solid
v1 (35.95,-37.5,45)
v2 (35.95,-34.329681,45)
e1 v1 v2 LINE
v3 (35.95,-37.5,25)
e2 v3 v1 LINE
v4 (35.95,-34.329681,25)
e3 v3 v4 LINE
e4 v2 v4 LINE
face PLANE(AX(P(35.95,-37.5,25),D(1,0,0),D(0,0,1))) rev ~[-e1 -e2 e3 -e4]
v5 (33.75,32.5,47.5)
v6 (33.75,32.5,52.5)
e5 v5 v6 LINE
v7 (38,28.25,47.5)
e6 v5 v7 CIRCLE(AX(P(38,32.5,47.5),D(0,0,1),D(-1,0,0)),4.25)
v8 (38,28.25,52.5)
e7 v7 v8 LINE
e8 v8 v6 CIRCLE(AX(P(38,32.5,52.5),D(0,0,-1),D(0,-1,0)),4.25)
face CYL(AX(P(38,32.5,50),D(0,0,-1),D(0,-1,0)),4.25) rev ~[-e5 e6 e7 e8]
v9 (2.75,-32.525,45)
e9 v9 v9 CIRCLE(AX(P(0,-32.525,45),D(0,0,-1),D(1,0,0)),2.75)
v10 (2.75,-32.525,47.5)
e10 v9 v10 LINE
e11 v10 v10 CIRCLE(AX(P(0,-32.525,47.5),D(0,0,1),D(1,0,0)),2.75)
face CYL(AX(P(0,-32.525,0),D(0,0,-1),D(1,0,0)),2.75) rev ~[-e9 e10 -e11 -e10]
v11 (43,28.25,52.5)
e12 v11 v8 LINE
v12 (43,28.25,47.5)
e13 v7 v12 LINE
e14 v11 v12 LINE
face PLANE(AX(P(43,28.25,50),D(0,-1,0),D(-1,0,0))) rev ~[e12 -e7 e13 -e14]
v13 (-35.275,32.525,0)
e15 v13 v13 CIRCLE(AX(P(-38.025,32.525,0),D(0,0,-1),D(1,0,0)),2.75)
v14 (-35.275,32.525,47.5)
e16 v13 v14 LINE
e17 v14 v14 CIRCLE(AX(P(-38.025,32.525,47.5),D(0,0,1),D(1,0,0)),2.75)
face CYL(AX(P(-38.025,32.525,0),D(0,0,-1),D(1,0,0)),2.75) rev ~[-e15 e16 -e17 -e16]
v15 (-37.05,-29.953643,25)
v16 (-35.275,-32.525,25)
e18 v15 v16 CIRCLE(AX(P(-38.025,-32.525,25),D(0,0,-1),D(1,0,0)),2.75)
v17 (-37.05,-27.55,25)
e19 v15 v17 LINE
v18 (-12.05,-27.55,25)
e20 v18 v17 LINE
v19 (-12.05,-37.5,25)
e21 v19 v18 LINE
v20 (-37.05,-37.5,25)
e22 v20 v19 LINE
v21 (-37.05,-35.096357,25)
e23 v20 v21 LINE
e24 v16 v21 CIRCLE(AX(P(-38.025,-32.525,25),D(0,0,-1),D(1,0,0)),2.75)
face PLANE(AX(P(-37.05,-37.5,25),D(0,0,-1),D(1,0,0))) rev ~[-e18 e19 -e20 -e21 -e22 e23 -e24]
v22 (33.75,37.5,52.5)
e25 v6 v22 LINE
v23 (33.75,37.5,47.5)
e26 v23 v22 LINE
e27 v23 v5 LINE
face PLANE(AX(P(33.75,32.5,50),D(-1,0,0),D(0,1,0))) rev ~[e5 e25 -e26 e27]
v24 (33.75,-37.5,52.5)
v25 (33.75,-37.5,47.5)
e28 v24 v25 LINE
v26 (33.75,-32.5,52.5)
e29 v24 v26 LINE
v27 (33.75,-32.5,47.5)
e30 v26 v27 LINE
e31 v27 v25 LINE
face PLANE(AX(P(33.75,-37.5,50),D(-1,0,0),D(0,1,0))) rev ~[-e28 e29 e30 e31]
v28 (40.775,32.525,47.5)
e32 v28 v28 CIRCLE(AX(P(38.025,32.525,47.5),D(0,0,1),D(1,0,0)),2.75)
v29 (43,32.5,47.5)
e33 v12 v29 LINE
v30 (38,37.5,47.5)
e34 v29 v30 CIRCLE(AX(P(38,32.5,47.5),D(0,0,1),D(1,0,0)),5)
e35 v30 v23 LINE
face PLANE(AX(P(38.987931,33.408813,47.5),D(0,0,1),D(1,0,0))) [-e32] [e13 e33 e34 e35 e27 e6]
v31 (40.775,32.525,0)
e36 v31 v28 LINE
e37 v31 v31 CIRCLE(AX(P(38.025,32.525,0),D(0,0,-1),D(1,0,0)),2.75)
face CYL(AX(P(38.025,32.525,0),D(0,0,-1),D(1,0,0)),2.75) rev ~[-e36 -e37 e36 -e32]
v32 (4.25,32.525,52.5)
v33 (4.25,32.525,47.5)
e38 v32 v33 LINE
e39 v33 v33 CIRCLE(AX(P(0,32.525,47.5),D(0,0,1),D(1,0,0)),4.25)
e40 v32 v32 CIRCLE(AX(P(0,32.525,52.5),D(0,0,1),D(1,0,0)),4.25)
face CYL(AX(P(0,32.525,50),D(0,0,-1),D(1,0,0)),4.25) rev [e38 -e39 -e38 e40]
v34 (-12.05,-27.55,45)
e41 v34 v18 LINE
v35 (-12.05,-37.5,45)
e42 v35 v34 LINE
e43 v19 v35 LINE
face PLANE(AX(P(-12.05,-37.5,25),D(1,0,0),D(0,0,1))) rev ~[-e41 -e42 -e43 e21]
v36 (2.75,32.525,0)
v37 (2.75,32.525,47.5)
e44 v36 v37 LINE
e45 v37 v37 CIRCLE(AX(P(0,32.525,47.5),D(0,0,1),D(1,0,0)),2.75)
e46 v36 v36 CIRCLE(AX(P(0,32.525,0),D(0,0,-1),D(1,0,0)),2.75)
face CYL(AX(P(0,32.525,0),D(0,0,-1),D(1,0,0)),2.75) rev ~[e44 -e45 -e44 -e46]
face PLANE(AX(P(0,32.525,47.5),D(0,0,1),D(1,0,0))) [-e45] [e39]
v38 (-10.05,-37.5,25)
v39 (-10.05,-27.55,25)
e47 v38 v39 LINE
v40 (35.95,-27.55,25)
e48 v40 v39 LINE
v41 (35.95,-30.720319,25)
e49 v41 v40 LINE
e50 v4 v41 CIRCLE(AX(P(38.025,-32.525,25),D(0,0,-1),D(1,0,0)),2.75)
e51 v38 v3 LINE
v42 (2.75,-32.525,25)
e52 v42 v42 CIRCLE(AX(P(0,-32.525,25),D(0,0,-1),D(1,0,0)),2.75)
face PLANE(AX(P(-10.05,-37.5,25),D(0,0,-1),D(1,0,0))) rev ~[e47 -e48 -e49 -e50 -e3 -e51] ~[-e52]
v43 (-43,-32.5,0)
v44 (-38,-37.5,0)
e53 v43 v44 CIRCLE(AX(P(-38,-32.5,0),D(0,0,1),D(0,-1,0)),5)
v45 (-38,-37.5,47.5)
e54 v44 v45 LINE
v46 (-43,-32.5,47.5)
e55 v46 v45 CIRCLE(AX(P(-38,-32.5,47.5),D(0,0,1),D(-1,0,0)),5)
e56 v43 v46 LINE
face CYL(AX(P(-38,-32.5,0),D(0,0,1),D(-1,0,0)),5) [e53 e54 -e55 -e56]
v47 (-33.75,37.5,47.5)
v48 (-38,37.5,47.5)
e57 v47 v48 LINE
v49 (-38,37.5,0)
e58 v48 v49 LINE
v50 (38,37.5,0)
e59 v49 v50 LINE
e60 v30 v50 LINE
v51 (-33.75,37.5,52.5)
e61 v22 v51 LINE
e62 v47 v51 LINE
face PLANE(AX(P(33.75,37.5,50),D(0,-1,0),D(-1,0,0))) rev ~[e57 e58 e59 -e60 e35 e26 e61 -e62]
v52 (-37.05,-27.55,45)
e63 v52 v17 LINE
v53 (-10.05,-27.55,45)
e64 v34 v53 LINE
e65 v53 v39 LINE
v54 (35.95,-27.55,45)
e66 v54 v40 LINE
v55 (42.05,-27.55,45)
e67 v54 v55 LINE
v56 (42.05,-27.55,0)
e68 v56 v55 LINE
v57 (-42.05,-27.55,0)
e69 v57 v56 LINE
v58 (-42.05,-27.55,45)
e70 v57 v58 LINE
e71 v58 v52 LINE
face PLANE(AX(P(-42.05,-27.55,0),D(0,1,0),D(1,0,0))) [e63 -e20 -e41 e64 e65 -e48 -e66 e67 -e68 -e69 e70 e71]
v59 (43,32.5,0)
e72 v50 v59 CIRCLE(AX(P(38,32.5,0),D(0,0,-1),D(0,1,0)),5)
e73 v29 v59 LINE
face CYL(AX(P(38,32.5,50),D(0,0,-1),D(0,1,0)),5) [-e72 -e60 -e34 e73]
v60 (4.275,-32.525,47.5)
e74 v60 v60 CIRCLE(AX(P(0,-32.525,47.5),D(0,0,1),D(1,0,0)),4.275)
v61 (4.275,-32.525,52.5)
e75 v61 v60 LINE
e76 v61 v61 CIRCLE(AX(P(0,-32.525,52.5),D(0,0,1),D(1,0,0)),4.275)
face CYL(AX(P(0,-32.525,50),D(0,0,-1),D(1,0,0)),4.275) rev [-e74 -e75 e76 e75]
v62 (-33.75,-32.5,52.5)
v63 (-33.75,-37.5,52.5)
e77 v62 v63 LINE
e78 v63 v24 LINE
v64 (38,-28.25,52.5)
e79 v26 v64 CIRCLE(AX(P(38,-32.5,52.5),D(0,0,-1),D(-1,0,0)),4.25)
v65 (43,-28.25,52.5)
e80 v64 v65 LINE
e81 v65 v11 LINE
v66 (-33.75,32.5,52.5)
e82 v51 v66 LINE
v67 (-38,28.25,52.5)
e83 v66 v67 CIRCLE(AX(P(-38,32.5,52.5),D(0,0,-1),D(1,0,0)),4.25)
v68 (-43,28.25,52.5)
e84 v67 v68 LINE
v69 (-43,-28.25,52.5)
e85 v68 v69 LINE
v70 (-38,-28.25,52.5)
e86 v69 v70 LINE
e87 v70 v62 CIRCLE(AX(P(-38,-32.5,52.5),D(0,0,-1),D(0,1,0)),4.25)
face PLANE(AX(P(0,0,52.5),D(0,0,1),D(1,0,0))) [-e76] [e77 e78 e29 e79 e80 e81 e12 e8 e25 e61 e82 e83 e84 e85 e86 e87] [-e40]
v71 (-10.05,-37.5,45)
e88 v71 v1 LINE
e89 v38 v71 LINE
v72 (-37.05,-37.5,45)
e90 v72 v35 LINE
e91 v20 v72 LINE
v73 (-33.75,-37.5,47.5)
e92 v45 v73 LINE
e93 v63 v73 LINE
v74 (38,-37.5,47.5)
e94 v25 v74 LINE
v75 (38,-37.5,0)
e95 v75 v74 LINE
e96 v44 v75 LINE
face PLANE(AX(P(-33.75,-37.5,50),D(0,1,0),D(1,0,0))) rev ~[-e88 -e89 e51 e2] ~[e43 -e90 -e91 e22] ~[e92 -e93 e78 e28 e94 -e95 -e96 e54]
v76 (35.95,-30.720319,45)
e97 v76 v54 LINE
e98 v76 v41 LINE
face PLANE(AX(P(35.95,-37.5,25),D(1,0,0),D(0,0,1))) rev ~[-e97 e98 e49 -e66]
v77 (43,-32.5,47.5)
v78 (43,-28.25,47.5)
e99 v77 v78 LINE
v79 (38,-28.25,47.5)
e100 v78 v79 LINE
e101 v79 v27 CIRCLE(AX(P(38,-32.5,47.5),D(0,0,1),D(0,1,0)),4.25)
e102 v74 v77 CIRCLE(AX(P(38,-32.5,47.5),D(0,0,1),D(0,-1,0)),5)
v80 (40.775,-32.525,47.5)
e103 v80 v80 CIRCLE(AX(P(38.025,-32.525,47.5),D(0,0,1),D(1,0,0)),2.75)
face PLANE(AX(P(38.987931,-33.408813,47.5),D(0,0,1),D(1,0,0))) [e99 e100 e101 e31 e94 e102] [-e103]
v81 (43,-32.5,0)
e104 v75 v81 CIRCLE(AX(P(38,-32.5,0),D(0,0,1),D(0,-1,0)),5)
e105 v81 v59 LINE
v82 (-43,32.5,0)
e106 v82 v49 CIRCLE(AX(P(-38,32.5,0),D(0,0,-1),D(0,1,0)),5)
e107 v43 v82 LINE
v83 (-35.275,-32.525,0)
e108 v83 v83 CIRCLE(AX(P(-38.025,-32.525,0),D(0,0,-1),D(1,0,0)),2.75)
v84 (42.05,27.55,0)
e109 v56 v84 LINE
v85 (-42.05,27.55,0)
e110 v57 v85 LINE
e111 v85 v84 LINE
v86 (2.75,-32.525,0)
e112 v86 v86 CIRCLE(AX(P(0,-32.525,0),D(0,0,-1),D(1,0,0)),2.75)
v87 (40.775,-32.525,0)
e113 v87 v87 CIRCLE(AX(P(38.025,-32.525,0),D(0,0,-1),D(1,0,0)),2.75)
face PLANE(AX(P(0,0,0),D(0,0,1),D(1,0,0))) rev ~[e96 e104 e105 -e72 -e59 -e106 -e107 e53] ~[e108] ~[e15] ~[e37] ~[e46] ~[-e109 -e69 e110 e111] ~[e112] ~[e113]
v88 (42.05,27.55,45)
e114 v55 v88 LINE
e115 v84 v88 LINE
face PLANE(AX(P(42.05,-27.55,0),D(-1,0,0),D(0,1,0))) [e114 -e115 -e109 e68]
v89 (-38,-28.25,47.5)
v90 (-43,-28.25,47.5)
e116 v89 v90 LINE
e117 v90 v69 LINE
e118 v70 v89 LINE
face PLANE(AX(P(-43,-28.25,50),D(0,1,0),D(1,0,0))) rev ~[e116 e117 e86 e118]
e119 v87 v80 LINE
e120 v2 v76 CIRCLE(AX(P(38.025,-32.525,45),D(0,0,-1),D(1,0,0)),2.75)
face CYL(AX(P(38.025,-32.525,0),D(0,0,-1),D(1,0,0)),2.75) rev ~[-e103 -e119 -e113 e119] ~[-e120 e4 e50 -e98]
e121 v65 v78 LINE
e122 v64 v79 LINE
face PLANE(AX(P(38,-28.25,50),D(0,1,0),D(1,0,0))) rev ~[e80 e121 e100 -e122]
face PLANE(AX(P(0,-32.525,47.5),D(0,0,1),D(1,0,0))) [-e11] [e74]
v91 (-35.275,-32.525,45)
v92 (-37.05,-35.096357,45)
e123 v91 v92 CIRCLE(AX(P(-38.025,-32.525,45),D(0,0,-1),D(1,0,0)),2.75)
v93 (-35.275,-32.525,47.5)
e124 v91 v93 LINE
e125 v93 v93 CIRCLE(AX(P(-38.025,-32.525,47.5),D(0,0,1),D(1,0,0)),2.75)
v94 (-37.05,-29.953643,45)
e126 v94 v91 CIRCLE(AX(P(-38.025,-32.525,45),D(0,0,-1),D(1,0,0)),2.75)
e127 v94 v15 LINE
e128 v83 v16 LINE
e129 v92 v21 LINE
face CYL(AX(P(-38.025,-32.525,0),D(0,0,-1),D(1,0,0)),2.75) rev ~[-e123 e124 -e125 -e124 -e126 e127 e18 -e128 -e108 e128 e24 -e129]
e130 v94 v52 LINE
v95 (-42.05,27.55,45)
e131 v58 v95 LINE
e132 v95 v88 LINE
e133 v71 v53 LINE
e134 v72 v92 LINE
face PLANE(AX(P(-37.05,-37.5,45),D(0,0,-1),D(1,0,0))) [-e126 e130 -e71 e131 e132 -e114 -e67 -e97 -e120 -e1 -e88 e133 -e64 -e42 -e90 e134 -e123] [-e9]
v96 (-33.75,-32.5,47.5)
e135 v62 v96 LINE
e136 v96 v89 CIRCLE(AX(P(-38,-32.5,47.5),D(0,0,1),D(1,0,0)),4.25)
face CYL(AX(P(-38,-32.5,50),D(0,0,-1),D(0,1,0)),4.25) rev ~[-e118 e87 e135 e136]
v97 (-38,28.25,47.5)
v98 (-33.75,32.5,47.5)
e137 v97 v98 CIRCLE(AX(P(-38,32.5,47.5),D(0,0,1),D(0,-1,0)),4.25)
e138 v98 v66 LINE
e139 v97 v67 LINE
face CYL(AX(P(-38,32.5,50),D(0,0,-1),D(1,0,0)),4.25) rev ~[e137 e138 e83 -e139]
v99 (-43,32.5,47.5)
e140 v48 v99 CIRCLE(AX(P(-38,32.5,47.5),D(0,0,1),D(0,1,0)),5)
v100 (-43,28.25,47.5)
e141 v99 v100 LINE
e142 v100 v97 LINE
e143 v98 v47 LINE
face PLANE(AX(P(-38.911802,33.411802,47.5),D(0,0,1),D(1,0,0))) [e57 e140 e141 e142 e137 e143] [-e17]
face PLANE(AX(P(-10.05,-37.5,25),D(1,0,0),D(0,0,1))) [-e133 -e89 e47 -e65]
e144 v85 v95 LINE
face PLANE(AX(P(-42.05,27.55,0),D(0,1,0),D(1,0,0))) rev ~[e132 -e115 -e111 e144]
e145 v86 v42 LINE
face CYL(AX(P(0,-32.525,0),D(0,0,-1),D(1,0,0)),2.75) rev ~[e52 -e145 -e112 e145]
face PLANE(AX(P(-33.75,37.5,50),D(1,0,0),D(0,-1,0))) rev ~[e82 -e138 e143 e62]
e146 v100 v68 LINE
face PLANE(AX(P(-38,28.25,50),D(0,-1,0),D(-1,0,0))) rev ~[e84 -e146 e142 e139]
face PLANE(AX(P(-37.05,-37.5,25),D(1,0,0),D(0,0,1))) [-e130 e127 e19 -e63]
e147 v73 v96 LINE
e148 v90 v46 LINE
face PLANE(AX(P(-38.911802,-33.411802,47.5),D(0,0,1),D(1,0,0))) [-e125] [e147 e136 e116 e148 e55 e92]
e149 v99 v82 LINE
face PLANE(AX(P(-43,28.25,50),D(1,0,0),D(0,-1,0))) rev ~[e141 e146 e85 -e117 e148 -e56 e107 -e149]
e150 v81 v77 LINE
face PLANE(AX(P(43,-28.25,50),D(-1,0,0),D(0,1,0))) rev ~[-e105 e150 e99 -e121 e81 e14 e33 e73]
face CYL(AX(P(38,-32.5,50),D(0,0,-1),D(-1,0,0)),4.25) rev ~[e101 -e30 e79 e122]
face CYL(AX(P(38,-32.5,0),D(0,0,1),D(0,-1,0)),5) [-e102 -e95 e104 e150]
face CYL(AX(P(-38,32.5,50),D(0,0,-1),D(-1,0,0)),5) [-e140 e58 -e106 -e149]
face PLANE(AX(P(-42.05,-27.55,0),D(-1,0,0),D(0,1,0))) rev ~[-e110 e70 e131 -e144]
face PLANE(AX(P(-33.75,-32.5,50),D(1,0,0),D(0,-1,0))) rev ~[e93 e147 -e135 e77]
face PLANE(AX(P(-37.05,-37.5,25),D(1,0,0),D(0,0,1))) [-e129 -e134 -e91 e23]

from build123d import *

# Parameters (mm, degrees)
F0_W      = 86
F0_H      = 75
F0_W_2    = 84.1
F0_H_2    = 55.1
F1_DEPTH  = 45
F2_W      = 86
F2_H      = 75
F2_W_2    = 84.1
F2_H_2    = 55.1
F3_DEPTH  = 5
F4_W      = 25
F4_H      = 20
F4_W_2    = 46
F5_DEPTH  = 25
F6_R      = 2.75
F7_DEPTH  = 50.001
F8_R      = 5
F9_R      = 2.75
F9_R_2    = 4.275
F9_R_3    = 4.25
F10_DEPTH = 2.5
F11_R     = 4.275
F11_R_2   = 4.25
F12_DEPTH = 2.5


with BuildPart() as f1:
    # F0 (on Top) → F1 (new body)
    with BuildSketch(Plane.XY):
        Rectangle(F0_W, F0_H)
        Rectangle(F0_W_2, F0_H_2, mode=Mode.SUBTRACT)
    extrude(amount=F1_DEPTH)

    # F2 (on face) → F3 (join)
    with BuildSketch(Plane.XY.offset(45)):
        Rectangle(F2_W, F2_H)
        Rectangle(F2_W_2, F2_H_2, mode=Mode.SUBTRACT)
        Rectangle(F2_W_2, F2_H_2)
    extrude(amount=F3_DEPTH)

    # F4 (on face) → F5 (cut)
    with BuildSketch(Plane.XZ.offset(37.5)):
        with Locations((-24.55, 35)):
            Rectangle(F4_W, F4_H)
        with Locations((12.95, 35)):
            Rectangle(F4_W_2, F4_H)
    extrude(amount=-F5_DEPTH, mode=Mode.SUBTRACT)

    # F6 (on face) → F7 (cut, through all)
    with BuildSketch(Plane(origin=(0, 0, 0), x_dir=(1, 0, 0), z_dir=(0, 0, -1))):
        with Locations((-38.025, 32.525)):
            Circle(F6_R)
        with Locations((0, 32.525)):
            Circle(F6_R)
        with Locations((38.025, 32.525)):
            Circle(F6_R)
        with Locations((38.025, -32.525)):
            Circle(F6_R)
        with Locations((0, -32.525)):
            Circle(F6_R)
        with Locations((-38.025, -32.525)):
            Circle(F6_R)
    extrude(amount=-F7_DEPTH, mode=Mode.SUBTRACT)

    # F8
    f8_edges = [f1.edges().sort_by_distance(p)[0] for p in [
        (43, -37.5, 25),
        (43, 37.5, 25),
        (-43, 37.5, 25),
        (-43, -37.5, 25),
    ]]
    fillet(f8_edges, radius=F8_R)

    # F9 (on face) → F10 (cut)
    with BuildSketch(Plane.XY.offset(50)):
        with BuildLine():
            Line((-38, -37.5), (-33.75, -37.5))
            Line((-33.75, -37.5), (-33.75, -32.5))
            ThreePointArc((-33.75, -32.5), (-41.00520382, -35.50520382), (-38, -28.25))
            Line((-38, -28.25), (-43, -28.25))
            Line((-43, -28.25), (-43, -32.5))
            ThreePointArc((-43, -32.5), (-41.5355339059, -36.0355339059), (-38, -37.5))
        make_face()
        with BuildLine():
            ThreePointArc((-38, -28.25), (-41.00520382, -35.50520382), (-33.75, -32.5))
            ThreePointArc((-33.75, -32.5), (-34.99479618, -29.49479618), (-38, -28.25))
        make_face()
        with Locations((-38.025, -32.525)):
            Circle(F9_R, mode=Mode.SUBTRACT)
        with Locations((0, -32.525)):
            Circle(F9_R_2)
        with Locations((0, -32.525)):
            Circle(F9_R, mode=Mode.SUBTRACT)
        with BuildLine():
            ThreePointArc((38, -37.5), (41.5355339059, -36.0355339059), (43, -32.5))
            Line((43, -32.5), (43, -28.25))
            Line((43, -28.25), (38, -28.25))
            ThreePointArc((38, -28.25), (41.00520382, -29.49479618), (42.25, -32.5))
            ThreePointArc((42.25, -32.5), (38, -36.75), (33.75, -32.5))
            Line((33.75, -32.5), (33.75, -37.5))
            Line((33.75, -37.5), (38, -37.5))
        make_face()
        with BuildLine():
            ThreePointArc((42.25, -32.5), (41.00520382, -29.49479618), (38, -28.25))
            ThreePointArc((38, -28.25), (34.99479618, -29.49479618), (33.75, -32.5))
            ThreePointArc((33.75, -32.5), (38, -36.75), (42.25, -32.5))
        make_face()
        with Locations((38.025, -32.525)):
            Circle(F9_R, mode=Mode.SUBTRACT)
        with Locations((0, 32.525)):
            Circle(F9_R_3)
        with Locations((0, 32.525)):
            Circle(F9_R, mode=Mode.SUBTRACT)
        with BuildLine():
            Line((-33.75, 32.5), (-33.75, 37.5))
            Line((-33.75, 37.5), (-38, 37.5))
            ThreePointArc((-38, 37.5), (-41.5355339059, 36.0355339059), (-43, 32.5))
            Line((-43, 32.5), (-43, 28.25))
            Line((-43, 28.25), (-38, 28.25))
            ThreePointArc((-38, 28.25), (-41.00520382, 35.50520382), (-33.75, 32.5))
        make_face()
        with BuildLine():
            ThreePointArc((-38, 28.25), (-34.99479618, 29.49479618), (-33.75, 32.5))
            ThreePointArc((-33.75, 32.5), (-41.00520382, 35.50520382), (-38, 28.25))
        make_face()
        with Locations((-38.025, 32.525)):
            Circle(F9_R, mode=Mode.SUBTRACT)
        with BuildLine():
            Line((38, 28.25), (43, 28.25))
            Line((43, 28.25), (43, 32.5))
            ThreePointArc((43, 32.5), (41.5355339059, 36.0355339059), (38, 37.5))
            Line((38, 37.5), (33.75, 37.5))
            Line((33.75, 37.5), (33.75, 32.5))
            ThreePointArc((33.75, 32.5), (38, 36.75), (42.25, 32.5))
            ThreePointArc((42.25, 32.5), (41.00520382, 29.49479618), (38, 28.25))
        make_face()
        with BuildLine():
            ThreePointArc((33.75, 32.5), (34.99479618, 29.49479618), (38, 28.25))
            ThreePointArc((38, 28.25), (41.00520382, 29.49479618), (42.25, 32.5))
            ThreePointArc((42.25, 32.5), (38, 36.75), (33.75, 32.5))
        make_face()
        with Locations((38.025, 32.525)):
            Circle(F9_R, mode=Mode.SUBTRACT)
    extrude(amount=-F10_DEPTH, mode=Mode.SUBTRACT)

    # F11 (on face) → F12 (join)
    with BuildSketch(Plane.XY.offset(50)):
        with BuildLine():
            Line((43, 28.25), (38, 28.25))
            ThreePointArc((38, 28.25), (34.99479618, 29.49479618), (33.75, 32.5))
            Line((33.75, 32.5), (33.75, 37.5))
            Line((33.75, 37.5), (-33.75, 37.5))
            Line((-33.75, 37.5), (-33.75, 32.5))
            ThreePointArc((-33.75, 32.5), (-34.99479618, 29.49479618), (-38, 28.25))
            Line((-38, 28.25), (-43, 28.25))
            Line((-43, 28.25), (-43, -28.25))
            Line((-43, -28.25), (-38, -28.25))
            ThreePointArc((-38, -28.25), (-34.99479618, -29.49479618), (-33.75, -32.5))
            Line((-33.75, -32.5), (-33.75, -37.5))
            Line((-33.75, -37.5), (33.75, -37.5))
            Line((33.75, -37.5), (33.75, -32.5))
            ThreePointArc((33.75, -32.5), (34.99479618, -29.49479618), (38, -28.25))
            Line((38, -28.25), (43, -28.25))
            Line((43, -28.25), (43, 28.25))
        make_face()
        with Locations((0, -32.525)):
            Circle(F11_R, mode=Mode.SUBTRACT)
        with Locations((0, 32.525)):
            Circle(F11_R_2, mode=Mode.SUBTRACT)
    extrude(amount=F12_DEPTH)


solid = f1.part
